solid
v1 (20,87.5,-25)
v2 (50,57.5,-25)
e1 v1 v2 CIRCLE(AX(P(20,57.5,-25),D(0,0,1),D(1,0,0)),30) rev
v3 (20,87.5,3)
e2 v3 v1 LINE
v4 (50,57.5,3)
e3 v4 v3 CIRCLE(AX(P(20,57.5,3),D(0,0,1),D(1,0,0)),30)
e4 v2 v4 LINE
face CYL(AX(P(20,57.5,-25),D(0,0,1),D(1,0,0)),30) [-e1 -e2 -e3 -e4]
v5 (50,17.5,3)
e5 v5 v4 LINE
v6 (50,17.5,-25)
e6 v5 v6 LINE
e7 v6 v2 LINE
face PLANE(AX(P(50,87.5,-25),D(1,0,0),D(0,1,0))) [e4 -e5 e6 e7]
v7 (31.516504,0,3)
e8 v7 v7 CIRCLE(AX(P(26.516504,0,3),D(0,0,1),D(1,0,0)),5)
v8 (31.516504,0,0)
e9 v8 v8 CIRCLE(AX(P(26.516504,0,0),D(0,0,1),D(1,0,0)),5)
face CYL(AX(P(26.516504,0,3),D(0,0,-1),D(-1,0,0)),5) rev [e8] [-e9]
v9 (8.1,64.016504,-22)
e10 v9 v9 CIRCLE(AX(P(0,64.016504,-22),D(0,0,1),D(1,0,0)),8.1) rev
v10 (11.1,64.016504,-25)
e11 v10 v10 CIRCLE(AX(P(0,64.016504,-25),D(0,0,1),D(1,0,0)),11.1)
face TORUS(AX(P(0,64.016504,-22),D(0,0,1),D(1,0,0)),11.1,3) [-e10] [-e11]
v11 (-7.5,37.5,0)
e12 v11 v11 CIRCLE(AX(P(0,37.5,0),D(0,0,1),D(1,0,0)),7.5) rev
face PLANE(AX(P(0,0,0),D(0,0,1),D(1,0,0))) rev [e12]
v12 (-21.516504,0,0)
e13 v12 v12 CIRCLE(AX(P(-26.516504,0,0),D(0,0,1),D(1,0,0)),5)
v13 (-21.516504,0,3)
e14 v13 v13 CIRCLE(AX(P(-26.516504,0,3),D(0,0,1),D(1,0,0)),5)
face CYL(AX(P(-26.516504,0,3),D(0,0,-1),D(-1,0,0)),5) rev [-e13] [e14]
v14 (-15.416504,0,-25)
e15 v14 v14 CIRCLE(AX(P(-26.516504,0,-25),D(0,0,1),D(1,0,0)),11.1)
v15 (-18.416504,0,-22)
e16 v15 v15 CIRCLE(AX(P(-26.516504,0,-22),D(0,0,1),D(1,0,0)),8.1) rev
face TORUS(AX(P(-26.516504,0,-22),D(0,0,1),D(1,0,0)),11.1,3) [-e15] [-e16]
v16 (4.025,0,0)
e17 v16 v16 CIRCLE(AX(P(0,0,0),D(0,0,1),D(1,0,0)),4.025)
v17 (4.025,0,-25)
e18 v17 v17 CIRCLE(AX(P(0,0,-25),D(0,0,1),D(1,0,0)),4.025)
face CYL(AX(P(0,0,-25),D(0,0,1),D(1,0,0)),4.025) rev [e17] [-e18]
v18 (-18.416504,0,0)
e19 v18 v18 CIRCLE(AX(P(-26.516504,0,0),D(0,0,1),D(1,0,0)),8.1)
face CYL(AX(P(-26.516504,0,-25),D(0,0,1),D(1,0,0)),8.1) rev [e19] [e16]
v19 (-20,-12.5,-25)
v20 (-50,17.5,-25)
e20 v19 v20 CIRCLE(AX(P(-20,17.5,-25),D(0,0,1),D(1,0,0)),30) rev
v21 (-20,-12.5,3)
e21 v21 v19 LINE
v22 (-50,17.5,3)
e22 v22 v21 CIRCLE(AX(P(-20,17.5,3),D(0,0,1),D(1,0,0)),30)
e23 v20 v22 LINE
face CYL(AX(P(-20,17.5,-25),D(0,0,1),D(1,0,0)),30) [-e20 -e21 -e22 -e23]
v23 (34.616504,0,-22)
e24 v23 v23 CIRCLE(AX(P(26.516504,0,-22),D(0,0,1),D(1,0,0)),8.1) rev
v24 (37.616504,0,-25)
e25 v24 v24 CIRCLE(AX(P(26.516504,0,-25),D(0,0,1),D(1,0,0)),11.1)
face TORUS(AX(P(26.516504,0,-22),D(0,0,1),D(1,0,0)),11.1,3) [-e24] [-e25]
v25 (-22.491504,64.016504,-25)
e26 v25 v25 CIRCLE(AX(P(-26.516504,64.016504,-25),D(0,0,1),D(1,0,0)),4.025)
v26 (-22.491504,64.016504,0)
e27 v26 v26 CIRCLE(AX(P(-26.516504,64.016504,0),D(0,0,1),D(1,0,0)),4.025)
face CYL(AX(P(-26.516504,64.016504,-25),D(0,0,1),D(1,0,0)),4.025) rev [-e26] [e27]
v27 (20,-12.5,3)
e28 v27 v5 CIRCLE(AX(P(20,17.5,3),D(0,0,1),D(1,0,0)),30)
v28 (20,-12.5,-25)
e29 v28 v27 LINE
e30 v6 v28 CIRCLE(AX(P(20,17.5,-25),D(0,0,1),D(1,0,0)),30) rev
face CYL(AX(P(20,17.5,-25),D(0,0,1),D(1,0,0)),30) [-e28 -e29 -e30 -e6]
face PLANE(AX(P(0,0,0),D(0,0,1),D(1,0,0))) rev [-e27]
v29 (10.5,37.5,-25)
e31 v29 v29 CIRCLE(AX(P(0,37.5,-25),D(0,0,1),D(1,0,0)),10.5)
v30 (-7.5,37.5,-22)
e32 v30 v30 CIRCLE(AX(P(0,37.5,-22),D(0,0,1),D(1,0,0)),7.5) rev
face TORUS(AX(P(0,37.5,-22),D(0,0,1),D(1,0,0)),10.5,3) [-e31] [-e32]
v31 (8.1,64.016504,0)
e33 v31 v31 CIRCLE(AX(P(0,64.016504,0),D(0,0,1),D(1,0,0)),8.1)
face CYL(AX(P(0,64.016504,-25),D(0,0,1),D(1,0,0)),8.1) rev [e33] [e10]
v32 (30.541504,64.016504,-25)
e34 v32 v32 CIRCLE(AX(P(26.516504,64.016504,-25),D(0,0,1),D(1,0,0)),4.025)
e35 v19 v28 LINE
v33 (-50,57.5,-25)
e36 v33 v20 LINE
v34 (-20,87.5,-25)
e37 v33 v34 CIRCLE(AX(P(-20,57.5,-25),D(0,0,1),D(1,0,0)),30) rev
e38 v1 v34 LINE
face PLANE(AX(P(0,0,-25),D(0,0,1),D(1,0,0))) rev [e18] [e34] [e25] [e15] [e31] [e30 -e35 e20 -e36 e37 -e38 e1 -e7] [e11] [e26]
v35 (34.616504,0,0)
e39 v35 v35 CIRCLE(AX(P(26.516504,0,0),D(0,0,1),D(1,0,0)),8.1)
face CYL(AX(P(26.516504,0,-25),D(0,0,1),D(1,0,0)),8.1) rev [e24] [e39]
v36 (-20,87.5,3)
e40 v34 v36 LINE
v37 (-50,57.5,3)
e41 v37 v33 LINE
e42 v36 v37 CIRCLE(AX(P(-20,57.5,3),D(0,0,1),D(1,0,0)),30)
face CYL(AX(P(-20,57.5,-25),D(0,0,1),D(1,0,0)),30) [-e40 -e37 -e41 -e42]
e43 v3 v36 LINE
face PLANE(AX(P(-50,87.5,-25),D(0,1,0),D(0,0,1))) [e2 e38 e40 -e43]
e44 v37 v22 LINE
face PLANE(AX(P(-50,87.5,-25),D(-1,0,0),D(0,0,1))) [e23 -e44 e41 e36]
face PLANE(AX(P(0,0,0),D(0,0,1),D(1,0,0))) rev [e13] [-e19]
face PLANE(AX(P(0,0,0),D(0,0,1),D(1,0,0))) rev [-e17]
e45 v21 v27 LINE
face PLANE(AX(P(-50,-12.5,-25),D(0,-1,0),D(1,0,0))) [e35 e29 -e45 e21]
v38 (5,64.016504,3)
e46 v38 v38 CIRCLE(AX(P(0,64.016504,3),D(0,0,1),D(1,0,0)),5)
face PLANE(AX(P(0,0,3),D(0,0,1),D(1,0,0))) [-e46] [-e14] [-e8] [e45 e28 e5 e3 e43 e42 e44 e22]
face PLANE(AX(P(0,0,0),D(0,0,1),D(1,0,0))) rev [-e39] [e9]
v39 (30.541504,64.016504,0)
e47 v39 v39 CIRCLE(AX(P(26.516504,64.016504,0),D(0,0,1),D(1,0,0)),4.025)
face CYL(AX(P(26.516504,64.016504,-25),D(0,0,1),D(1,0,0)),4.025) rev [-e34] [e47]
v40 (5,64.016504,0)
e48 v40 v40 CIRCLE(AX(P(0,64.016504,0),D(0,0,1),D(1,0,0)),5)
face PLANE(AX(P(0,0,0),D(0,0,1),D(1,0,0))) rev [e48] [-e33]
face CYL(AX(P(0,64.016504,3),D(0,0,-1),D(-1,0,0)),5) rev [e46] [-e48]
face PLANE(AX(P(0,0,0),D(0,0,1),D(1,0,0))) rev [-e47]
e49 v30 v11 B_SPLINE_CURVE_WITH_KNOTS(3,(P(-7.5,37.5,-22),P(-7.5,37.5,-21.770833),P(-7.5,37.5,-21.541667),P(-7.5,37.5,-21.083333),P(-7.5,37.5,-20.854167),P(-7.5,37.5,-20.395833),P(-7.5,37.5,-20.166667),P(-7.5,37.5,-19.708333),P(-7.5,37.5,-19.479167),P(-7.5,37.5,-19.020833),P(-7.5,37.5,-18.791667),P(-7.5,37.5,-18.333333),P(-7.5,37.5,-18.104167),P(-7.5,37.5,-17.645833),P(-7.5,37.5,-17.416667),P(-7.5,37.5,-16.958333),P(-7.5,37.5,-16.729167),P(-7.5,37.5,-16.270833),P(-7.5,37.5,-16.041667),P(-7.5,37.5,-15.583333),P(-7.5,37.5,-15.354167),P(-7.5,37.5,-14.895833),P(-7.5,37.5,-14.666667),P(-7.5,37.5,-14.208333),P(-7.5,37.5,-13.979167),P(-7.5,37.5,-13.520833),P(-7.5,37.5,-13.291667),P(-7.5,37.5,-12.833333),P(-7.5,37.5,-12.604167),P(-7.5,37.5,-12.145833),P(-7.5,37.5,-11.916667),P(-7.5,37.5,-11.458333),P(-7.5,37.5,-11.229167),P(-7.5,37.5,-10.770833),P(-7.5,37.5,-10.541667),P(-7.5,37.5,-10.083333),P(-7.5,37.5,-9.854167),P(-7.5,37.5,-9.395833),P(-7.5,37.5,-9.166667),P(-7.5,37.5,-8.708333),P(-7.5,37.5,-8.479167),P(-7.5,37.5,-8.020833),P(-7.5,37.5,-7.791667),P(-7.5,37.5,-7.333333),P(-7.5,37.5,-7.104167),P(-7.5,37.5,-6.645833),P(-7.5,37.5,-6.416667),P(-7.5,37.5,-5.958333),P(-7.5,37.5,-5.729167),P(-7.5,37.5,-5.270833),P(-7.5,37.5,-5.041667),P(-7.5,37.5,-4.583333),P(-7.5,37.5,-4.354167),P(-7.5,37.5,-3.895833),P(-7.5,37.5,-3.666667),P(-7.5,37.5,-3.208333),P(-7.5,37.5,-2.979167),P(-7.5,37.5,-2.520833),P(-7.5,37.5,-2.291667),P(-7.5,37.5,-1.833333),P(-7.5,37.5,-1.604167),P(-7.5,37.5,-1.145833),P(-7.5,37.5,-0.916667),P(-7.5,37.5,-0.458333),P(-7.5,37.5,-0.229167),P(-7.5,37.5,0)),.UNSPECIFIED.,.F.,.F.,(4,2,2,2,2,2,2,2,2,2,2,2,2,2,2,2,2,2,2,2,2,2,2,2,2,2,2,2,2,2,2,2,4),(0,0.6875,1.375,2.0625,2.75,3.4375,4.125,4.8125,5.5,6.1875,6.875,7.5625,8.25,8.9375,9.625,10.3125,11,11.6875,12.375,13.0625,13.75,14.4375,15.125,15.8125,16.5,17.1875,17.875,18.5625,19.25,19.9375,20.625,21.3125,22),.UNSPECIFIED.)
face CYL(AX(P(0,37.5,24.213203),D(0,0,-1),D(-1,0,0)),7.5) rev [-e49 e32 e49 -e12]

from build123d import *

# Parameters (mm, degrees)
SKETCH1_W           = 100
SKETCH1_H           = 100
SKETCH1_R           = 4.025
SKETCH1_R_2         = 8.1
BOSS_EXTRUDE1_DEPTH = 25
SKETCH2_W           = 100
SKETCH2_H           = 100
SKETCH2_R           = 5
BOSS_EXTRUDE2_DEPTH = 3
FILLET1_R           = 30
FILLET2_R           = 3
SKETCH3_R           = 7.5
CUT_EXTRUDE1_DEPTH  = 25
FILLET3_R           = 3


with BuildPart() as part:
    # Sketch1 → Boss-Extrude1 (new body)
    with BuildSketch(Plane.XY):
        with Locations((0, 37.5)):
            Rectangle(SKETCH1_W, SKETCH1_H)
        Circle(SKETCH1_R, mode=Mode.SUBTRACT)
        with Locations((26.516504294, 64.016504294)):
            Circle(SKETCH1_R, mode=Mode.SUBTRACT)
        with Locations((-26.516504294, 64.016504294)):
            Circle(SKETCH1_R, mode=Mode.SUBTRACT)
        with Locations((0, 64.016504294)):
            Circle(SKETCH1_R_2, mode=Mode.SUBTRACT)
        with Locations((-26.516504294, 0)):
            Circle(SKETCH1_R_2, mode=Mode.SUBTRACT)
        with Locations((26.516504294, 0)):
            Circle(SKETCH1_R_2, mode=Mode.SUBTRACT)
    extrude(amount=-BOSS_EXTRUDE1_DEPTH)

    # Sketch2 → Boss-Extrude2 (add)
    with BuildSketch(Plane.XY):
        with Locations((0, 37.5)):
            Rectangle(SKETCH2_W, SKETCH2_H)
        with Locations((0, 64.016504294)):
            Circle(SKETCH2_R, mode=Mode.SUBTRACT)
        with Locations((26.516504294, 0)):
            Circle(SKETCH2_R, mode=Mode.SUBTRACT)
        with Locations((-26.516504294, 0)):
            Circle(SKETCH2_R, mode=Mode.SUBTRACT)
    extrude(amount=BOSS_EXTRUDE2_DEPTH)

    # Fillet1
    fillet1_edges = [part.edges().sort_by_distance(p)[0] for p in [
        (-50, 87.5, -11),
        (50, 87.5, -11),
        (50, -12.5, -11),
        (-50, -12.5, -11),
    ]]
    fillet(fillet1_edges, radius=FILLET1_R)

    # Fillet2
    fillet2_edges = [part.edges().sort_by_distance(p)[0] for p in [
        (-8.1, 64.016504294, -25),
        (-34.616504294, 0, -25),
        (18.416504295, 0, -25),
    ]]
    fillet(fillet2_edges, radius=FILLET2_R)

    # Sketch3 → Cut-Extrude1 (cut)
    with BuildSketch(Plane(origin=(0, 0, -25), x_dir=(-1, 0, 0), z_dir=(0, 0, -1))):
        with Locations((0, 37.5)):
            Circle(SKETCH3_R)
    extrude(amount=-CUT_EXTRUDE1_DEPTH, mode=Mode.SUBTRACT)

    # Fillet3
    fillet3_edges = [part.edges().sort_by_distance(p)[0] for p in [
        (7.5, 37.5, -25),
    ]]
    fillet(fillet3_edges, radius=FILLET3_R)


solid = part.part
